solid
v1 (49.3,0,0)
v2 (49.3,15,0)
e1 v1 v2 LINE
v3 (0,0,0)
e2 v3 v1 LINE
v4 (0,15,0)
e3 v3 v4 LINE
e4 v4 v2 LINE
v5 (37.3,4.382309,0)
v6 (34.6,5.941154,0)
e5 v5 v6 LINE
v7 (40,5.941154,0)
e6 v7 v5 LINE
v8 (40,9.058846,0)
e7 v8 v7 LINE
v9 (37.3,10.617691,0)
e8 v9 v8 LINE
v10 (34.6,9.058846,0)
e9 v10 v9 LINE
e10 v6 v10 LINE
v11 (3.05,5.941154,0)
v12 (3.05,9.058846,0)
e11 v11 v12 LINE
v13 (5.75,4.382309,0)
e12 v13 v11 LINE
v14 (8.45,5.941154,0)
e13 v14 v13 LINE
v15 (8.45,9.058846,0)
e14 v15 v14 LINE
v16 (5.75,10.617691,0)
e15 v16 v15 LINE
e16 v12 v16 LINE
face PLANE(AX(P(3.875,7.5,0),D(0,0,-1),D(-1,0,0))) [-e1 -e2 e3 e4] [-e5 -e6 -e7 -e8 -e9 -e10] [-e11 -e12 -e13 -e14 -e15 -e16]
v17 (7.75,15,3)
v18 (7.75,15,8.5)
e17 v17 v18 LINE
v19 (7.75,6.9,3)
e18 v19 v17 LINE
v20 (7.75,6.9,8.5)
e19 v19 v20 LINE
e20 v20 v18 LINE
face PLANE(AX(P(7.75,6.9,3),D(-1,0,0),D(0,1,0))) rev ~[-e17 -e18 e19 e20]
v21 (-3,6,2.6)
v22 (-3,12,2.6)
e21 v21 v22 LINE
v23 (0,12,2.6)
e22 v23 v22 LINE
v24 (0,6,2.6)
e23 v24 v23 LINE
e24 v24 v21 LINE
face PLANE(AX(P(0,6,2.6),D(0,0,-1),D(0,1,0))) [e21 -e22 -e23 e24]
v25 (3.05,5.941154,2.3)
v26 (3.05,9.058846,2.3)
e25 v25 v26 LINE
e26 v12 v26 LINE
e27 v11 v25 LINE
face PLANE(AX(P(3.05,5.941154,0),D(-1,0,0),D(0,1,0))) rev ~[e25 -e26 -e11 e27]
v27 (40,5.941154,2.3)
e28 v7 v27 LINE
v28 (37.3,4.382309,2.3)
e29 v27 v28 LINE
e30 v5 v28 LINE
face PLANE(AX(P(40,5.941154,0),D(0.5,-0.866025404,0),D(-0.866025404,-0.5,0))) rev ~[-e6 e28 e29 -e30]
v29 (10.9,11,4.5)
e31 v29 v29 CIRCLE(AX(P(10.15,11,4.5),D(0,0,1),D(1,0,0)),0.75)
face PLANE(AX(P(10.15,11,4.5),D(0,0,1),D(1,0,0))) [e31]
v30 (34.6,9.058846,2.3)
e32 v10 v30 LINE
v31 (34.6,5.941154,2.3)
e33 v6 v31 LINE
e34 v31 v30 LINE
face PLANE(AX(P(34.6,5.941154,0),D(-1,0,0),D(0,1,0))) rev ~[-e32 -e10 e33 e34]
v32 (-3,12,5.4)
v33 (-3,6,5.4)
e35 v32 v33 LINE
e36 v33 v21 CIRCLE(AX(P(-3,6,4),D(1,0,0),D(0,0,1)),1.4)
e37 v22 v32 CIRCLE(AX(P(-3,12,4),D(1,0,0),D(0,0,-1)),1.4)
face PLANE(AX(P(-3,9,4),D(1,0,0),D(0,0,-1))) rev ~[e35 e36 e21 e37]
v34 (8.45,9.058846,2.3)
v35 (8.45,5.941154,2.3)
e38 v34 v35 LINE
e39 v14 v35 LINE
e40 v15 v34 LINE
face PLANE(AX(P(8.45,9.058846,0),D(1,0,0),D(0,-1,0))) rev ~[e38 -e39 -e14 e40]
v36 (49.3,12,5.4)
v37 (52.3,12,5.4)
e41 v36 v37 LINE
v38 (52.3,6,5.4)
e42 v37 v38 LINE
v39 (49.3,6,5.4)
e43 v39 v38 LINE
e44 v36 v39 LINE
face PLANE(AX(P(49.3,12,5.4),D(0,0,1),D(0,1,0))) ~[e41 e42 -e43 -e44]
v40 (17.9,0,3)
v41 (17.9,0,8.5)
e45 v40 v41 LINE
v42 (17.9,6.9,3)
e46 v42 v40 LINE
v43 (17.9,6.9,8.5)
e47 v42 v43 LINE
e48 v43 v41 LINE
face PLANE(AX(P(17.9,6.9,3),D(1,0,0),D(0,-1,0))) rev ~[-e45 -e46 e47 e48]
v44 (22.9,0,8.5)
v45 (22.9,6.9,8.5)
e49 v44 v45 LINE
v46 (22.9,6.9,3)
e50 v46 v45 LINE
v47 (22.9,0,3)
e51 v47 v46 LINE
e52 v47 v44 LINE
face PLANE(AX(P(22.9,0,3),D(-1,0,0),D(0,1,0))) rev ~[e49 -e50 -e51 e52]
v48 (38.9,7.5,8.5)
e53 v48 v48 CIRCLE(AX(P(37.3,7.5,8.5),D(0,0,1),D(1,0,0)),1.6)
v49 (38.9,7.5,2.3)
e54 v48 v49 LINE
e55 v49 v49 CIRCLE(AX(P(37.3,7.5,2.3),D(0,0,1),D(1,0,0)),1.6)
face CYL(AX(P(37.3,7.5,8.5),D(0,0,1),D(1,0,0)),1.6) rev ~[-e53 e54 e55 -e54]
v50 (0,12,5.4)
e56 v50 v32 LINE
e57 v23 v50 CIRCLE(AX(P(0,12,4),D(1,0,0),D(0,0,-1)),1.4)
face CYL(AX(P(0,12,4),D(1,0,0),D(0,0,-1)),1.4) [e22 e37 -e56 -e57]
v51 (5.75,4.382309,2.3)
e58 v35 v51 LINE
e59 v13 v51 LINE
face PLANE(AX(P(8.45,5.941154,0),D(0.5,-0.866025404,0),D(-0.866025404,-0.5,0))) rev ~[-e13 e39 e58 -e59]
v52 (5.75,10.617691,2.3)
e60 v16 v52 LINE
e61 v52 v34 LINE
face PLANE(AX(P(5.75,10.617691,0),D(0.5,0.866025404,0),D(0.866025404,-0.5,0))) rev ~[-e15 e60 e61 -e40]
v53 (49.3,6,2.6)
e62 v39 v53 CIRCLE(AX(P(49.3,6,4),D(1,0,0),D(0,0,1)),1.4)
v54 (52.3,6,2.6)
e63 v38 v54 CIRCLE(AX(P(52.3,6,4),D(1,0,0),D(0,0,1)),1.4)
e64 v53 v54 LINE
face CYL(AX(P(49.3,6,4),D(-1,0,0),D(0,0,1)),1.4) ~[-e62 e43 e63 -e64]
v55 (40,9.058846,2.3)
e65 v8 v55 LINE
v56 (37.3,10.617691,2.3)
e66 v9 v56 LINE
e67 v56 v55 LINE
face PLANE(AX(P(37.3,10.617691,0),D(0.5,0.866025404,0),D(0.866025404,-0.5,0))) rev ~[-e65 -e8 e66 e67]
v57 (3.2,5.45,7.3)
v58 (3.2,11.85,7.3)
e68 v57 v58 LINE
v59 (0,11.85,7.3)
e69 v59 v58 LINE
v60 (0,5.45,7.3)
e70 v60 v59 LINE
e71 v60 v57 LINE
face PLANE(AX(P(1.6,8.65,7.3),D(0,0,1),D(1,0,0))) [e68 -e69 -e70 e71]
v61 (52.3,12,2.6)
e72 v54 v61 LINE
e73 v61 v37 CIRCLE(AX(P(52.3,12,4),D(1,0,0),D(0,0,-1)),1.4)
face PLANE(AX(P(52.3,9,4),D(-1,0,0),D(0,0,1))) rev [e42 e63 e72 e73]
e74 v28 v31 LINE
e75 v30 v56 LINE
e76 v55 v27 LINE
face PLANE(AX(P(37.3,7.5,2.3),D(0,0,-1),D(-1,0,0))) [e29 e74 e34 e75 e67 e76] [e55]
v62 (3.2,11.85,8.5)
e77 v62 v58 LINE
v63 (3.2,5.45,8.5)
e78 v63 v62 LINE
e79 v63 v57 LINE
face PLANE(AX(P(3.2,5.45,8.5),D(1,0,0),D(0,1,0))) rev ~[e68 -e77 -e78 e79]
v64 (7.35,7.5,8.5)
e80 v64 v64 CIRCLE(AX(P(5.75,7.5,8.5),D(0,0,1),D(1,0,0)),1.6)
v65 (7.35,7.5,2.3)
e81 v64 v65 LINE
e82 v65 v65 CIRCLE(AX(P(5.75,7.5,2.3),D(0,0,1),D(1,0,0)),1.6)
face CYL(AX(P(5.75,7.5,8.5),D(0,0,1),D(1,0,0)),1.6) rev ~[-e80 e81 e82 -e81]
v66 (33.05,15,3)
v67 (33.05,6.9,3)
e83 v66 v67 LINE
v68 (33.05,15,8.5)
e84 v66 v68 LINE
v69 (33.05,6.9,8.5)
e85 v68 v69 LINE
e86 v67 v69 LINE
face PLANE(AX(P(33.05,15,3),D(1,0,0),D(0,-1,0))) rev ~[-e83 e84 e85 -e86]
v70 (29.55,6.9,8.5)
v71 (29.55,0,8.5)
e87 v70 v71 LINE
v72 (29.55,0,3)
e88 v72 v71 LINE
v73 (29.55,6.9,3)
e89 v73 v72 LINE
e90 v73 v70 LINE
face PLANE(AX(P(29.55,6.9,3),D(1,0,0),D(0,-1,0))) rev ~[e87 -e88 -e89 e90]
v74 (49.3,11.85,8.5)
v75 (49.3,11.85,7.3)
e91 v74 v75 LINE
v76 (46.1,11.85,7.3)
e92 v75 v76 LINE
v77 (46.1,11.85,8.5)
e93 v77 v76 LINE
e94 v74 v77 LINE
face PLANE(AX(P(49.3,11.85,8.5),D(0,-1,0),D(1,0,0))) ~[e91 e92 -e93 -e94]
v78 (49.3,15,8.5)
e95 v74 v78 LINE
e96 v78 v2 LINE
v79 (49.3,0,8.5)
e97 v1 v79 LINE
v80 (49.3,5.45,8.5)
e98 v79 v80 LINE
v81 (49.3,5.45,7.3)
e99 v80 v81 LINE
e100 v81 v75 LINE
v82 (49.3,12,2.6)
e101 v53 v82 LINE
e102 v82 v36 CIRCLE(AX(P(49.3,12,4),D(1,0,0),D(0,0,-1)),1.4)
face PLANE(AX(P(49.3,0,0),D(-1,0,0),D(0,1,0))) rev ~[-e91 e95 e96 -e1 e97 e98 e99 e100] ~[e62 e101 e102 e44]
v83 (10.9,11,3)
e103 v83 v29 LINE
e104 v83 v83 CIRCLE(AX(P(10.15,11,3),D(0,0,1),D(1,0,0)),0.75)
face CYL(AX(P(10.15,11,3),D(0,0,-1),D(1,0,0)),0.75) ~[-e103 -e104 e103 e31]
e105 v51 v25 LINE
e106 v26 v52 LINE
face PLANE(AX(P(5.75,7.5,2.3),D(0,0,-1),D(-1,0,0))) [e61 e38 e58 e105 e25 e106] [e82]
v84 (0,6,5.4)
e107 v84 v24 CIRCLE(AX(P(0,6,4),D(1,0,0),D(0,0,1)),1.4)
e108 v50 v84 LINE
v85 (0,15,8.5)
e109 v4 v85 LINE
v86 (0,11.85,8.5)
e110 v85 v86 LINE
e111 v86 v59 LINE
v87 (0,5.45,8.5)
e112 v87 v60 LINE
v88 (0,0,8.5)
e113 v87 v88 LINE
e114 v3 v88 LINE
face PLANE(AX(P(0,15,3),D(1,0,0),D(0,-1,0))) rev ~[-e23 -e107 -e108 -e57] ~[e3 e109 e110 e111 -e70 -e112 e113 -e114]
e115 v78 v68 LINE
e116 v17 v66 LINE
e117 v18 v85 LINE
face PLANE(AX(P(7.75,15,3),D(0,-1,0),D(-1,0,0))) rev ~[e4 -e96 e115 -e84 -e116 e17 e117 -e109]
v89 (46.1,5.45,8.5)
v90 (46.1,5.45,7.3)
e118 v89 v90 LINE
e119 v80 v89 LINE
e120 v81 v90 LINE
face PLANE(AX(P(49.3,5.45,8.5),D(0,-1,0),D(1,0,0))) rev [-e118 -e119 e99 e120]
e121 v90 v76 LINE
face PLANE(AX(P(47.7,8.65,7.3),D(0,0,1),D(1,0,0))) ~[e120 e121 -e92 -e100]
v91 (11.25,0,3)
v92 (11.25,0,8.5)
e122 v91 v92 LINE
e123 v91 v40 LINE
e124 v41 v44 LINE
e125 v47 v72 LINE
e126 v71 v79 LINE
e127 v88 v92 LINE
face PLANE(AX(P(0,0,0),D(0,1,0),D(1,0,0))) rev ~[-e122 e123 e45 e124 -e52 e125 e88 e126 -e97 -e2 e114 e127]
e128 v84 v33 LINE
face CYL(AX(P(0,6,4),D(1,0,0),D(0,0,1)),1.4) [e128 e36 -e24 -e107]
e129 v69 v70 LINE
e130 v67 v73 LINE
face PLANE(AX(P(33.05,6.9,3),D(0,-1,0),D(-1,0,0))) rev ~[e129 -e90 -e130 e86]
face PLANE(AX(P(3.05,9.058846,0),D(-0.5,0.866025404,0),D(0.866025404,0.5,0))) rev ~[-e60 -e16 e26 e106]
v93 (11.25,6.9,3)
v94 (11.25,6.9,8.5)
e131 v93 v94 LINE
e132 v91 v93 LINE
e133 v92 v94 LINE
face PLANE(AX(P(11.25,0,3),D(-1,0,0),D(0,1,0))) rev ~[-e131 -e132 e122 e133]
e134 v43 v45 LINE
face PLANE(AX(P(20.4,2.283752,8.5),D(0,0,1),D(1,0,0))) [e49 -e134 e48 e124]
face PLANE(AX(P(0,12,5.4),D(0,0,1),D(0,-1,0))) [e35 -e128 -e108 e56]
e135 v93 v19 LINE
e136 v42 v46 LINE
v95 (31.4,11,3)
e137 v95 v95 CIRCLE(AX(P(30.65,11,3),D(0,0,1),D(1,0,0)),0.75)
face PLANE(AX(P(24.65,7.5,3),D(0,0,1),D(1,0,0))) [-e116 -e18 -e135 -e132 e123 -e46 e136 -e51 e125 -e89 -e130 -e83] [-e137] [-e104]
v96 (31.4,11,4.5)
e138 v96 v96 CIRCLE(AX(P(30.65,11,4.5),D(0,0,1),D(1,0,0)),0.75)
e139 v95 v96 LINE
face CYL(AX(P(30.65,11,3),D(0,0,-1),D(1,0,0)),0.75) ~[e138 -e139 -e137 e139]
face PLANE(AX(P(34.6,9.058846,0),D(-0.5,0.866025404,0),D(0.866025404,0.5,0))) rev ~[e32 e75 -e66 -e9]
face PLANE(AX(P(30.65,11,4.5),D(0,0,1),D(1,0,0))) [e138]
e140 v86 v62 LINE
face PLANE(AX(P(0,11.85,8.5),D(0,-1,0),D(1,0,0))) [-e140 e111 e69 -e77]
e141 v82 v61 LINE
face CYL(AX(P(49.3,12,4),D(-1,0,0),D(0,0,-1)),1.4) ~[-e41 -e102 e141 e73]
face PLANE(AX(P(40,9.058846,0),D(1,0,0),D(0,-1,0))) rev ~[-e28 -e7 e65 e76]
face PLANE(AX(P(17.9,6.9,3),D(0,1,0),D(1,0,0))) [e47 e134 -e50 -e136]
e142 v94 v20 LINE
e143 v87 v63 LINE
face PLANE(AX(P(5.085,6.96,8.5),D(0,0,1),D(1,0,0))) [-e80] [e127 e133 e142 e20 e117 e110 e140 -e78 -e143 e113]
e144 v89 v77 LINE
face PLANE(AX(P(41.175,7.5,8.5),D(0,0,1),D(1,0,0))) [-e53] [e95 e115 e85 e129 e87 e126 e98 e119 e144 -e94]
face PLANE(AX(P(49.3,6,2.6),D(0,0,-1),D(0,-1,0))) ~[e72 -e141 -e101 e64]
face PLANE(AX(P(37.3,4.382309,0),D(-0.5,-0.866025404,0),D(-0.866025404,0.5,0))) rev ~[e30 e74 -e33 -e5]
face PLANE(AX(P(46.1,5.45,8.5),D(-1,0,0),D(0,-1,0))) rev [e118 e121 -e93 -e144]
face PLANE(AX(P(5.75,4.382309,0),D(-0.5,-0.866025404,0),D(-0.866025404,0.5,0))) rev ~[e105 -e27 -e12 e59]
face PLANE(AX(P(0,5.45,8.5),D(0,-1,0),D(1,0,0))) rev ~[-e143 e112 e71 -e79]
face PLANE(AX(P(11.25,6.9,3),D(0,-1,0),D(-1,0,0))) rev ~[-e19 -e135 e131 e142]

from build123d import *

# Parameters (mm, degrees)
SKETCH_1_W          = 49.3
SKETCH_1_H          = 15
EXTRUDE_1_DEPTH     = 3
SKETCH_2_W          = 5
SKETCH_2_H          = 4.567504656
SKETCH_2_H_2        = 2.332495344
EXTRUDE_2_DEPTH     = 5.5
SKETCH_3_R          = 0.75
EXTRUDE_3_DEPTH     = 1.5
SKETCH_4_R          = 1
CUT_EXTRUDE_1_DEPTH = 10
CUT_EXTRUDE_2_DEPTH = 4
EXTRUDE_4_DEPTH     = 3
SKETCH_9_R          = 1
EXTRUDE_5_DEPTH     = 4.5
EXTRUDE_9_DEPTH     = 4
SKETCH_8_R          = 1.6
CUT_EXTRUDE_3_DEPTH = 56.068502794
CUT_EXTRUDE_4_DEPTH = 2.3
SKETCH_13_W         = 3.2
SKETCH_13_H         = 6.4
CUT_EXTRUDE_5_DEPTH = 1.2


with BuildPart() as part:
    # 草图1 → 凸台-拉伸1 (new body)
    with BuildSketch(Plane.XY):
        with Locations((24.65, 7.5)):
            Rectangle(SKETCH_1_W, SKETCH_1_H)
    extrude(amount=EXTRUDE_1_DEPTH)

    # 草图2 → 凸台-拉伸2 (add)
    with BuildSketch(Plane.XY.offset(3)):
        Polygon((7.75, 6.9), (7.75, 15), (0, 15), (0, 0), (11.25, 0), (11.25, 6.9), align=None)
        with Locations((20.4, 2.283752328)):
            Rectangle(SKETCH_2_W, SKETCH_2_H)
        with Locations((20.4, 5.733752328)):
            Rectangle(SKETCH_2_W, SKETCH_2_H_2)
        Polygon((49.3, 15), (33.05, 15), (33.05, 6.9), (29.55, 6.9), (29.55, 0), (49.3, 0), align=None)
    extrude(amount=EXTRUDE_2_DEPTH)

    # 草图3 → 凸台-拉伸3 (add)
    with BuildSketch(Plane.XY.offset(3)):
        with Locations((10.15, 11)):
            Circle(SKETCH_3_R)
        with Locations((30.65, 11)):
            Circle(SKETCH_3_R)
    extrude(amount=EXTRUDE_3_DEPTH)

    # 草图4 → 切除-拉伸1 (cut)
    with BuildSketch(Plane.XY.offset(8.5)):
        with Locations((3.875, 7.5)):
            Circle(SKETCH_4_R)
        with Locations((41.175, 7.5)):
            Circle(SKETCH_4_R)
    extrude(amount=-CUT_EXTRUDE_1_DEPTH, mode=Mode.SUBTRACT)

    # 草图5 → 切除-拉伸2 (cut)
    with BuildSketch(Plane(origin=(0, 0, 0), x_dir=(-1, 0, 0), z_dir=(0, 0, -1))):
        Polygon((-5.000833025, 9.45), (-6.12666605, 7.5), (-5.000833025, 5.55), (-2.749166975, 5.55), (-1.62333395, 7.5), (-2.749166975, 9.45), align=None)
        Polygon((-42.300833025, 9.45), (-43.42666605, 7.5), (-42.300833025, 5.55), (-40.049166975, 5.55), (-38.92333395, 7.5), (-40.049166975, 9.45), align=None)
    extrude(amount=-CUT_EXTRUDE_2_DEPTH, mode=Mode.SUBTRACT)

    # 草图6 → 凸台-拉伸4 (add)
    with BuildSketch(Plane.ZY):
        with BuildLine():
            Line((2.6, 6), (2.6, 12))
            ThreePointArc((2.6, 12), (4, 13.4), (5.4, 12))
            Line((5.4, 12), (5.4, 6))
            ThreePointArc((5.4, 6), (4, 4.6), (2.6, 6))
        make_face()
    extrude_4 = extrude(amount=EXTRUDE_4_DEPTH)

    # 镜向1: 凸台-拉伸4 across plane
    add(extrude_4.mirror(Plane.ZY.offset(-24.65)))

    # 草图9 → 凸台-拉伸5 (add)
    with BuildSketch(Plane.XY.offset(8.5)):
        with Locations((41.175, 7.5)):
            Circle(SKETCH_9_R)
        with Locations((3.875, 7.5)):
            Circle(SKETCH_9_R)
    extrude(amount=-EXTRUDE_5_DEPTH)

    # 草图10 → 凸台-拉伸9 (add)
    with BuildSketch(Plane(origin=(0, 0, 0), x_dir=(-1, 0, 0), z_dir=(0, 0, -1))):
        Polygon((-2.749166975, 9.45), (-5.000833025, 9.45), (-6.12666605, 7.5), (-5.000833025, 5.55), (-2.749166975, 5.55), (-1.62333395, 7.5), align=None)
        Polygon((-40.049166975, 9.45), (-42.300833025, 9.45), (-43.42666605, 7.5), (-42.300833025, 5.55), (-40.049166975, 5.55), (-38.92333395, 7.5), align=None)
    extrude(amount=-EXTRUDE_9_DEPTH)

    # 草图8 → 切除-拉伸3 (cut, through all)
    with BuildSketch(Plane.XY.offset(8.5)):
        with Locations((5.75, 7.5)):
            Circle(SKETCH_8_R)
        with Locations((37.3, 7.5)):
            Circle(SKETCH_8_R)
    extrude(amount=-CUT_EXTRUDE_3_DEPTH, mode=Mode.SUBTRACT)

    # 草图11 → 切除-拉伸4 (cut)
    with BuildSketch(Plane(origin=(0, 0, 0), x_dir=(-1, 0, 0), z_dir=(0, 0, -1))):
        Polygon((-37.3, 10.617691454), (-40, 9.058845727), (-40, 5.941154273), (-37.3, 4.382308546), (-34.6, 5.941154273), (-34.6, 9.058845727), align=None)
        Polygon((-5.75, 10.617691454), (-8.45, 9.058845727), (-8.45, 5.941154273), (-5.75, 4.382308546), (-3.05, 5.941154273), (-3.05, 9.058845727), align=None)
    extrude(amount=-CUT_EXTRUDE_4_DEPTH, mode=Mode.SUBTRACT)

    # 草图13 → 切除-拉伸5 (cut)
    with BuildSketch(Plane.XY.offset(8.5)):
        with Locations((1.6, 8.65)):
            Rectangle(SKETCH_13_W, SKETCH_13_H)
    cut_extrude_5 = extrude(amount=-CUT_EXTRUDE_5_DEPTH, mode=Mode.SUBTRACT)

    # 镜向2: 切除-拉伸5 across plane
    add(cut_extrude_5.mirror(Plane.ZY.offset(-24.65)), mode=Mode.SUBTRACT)


solid = part.part
